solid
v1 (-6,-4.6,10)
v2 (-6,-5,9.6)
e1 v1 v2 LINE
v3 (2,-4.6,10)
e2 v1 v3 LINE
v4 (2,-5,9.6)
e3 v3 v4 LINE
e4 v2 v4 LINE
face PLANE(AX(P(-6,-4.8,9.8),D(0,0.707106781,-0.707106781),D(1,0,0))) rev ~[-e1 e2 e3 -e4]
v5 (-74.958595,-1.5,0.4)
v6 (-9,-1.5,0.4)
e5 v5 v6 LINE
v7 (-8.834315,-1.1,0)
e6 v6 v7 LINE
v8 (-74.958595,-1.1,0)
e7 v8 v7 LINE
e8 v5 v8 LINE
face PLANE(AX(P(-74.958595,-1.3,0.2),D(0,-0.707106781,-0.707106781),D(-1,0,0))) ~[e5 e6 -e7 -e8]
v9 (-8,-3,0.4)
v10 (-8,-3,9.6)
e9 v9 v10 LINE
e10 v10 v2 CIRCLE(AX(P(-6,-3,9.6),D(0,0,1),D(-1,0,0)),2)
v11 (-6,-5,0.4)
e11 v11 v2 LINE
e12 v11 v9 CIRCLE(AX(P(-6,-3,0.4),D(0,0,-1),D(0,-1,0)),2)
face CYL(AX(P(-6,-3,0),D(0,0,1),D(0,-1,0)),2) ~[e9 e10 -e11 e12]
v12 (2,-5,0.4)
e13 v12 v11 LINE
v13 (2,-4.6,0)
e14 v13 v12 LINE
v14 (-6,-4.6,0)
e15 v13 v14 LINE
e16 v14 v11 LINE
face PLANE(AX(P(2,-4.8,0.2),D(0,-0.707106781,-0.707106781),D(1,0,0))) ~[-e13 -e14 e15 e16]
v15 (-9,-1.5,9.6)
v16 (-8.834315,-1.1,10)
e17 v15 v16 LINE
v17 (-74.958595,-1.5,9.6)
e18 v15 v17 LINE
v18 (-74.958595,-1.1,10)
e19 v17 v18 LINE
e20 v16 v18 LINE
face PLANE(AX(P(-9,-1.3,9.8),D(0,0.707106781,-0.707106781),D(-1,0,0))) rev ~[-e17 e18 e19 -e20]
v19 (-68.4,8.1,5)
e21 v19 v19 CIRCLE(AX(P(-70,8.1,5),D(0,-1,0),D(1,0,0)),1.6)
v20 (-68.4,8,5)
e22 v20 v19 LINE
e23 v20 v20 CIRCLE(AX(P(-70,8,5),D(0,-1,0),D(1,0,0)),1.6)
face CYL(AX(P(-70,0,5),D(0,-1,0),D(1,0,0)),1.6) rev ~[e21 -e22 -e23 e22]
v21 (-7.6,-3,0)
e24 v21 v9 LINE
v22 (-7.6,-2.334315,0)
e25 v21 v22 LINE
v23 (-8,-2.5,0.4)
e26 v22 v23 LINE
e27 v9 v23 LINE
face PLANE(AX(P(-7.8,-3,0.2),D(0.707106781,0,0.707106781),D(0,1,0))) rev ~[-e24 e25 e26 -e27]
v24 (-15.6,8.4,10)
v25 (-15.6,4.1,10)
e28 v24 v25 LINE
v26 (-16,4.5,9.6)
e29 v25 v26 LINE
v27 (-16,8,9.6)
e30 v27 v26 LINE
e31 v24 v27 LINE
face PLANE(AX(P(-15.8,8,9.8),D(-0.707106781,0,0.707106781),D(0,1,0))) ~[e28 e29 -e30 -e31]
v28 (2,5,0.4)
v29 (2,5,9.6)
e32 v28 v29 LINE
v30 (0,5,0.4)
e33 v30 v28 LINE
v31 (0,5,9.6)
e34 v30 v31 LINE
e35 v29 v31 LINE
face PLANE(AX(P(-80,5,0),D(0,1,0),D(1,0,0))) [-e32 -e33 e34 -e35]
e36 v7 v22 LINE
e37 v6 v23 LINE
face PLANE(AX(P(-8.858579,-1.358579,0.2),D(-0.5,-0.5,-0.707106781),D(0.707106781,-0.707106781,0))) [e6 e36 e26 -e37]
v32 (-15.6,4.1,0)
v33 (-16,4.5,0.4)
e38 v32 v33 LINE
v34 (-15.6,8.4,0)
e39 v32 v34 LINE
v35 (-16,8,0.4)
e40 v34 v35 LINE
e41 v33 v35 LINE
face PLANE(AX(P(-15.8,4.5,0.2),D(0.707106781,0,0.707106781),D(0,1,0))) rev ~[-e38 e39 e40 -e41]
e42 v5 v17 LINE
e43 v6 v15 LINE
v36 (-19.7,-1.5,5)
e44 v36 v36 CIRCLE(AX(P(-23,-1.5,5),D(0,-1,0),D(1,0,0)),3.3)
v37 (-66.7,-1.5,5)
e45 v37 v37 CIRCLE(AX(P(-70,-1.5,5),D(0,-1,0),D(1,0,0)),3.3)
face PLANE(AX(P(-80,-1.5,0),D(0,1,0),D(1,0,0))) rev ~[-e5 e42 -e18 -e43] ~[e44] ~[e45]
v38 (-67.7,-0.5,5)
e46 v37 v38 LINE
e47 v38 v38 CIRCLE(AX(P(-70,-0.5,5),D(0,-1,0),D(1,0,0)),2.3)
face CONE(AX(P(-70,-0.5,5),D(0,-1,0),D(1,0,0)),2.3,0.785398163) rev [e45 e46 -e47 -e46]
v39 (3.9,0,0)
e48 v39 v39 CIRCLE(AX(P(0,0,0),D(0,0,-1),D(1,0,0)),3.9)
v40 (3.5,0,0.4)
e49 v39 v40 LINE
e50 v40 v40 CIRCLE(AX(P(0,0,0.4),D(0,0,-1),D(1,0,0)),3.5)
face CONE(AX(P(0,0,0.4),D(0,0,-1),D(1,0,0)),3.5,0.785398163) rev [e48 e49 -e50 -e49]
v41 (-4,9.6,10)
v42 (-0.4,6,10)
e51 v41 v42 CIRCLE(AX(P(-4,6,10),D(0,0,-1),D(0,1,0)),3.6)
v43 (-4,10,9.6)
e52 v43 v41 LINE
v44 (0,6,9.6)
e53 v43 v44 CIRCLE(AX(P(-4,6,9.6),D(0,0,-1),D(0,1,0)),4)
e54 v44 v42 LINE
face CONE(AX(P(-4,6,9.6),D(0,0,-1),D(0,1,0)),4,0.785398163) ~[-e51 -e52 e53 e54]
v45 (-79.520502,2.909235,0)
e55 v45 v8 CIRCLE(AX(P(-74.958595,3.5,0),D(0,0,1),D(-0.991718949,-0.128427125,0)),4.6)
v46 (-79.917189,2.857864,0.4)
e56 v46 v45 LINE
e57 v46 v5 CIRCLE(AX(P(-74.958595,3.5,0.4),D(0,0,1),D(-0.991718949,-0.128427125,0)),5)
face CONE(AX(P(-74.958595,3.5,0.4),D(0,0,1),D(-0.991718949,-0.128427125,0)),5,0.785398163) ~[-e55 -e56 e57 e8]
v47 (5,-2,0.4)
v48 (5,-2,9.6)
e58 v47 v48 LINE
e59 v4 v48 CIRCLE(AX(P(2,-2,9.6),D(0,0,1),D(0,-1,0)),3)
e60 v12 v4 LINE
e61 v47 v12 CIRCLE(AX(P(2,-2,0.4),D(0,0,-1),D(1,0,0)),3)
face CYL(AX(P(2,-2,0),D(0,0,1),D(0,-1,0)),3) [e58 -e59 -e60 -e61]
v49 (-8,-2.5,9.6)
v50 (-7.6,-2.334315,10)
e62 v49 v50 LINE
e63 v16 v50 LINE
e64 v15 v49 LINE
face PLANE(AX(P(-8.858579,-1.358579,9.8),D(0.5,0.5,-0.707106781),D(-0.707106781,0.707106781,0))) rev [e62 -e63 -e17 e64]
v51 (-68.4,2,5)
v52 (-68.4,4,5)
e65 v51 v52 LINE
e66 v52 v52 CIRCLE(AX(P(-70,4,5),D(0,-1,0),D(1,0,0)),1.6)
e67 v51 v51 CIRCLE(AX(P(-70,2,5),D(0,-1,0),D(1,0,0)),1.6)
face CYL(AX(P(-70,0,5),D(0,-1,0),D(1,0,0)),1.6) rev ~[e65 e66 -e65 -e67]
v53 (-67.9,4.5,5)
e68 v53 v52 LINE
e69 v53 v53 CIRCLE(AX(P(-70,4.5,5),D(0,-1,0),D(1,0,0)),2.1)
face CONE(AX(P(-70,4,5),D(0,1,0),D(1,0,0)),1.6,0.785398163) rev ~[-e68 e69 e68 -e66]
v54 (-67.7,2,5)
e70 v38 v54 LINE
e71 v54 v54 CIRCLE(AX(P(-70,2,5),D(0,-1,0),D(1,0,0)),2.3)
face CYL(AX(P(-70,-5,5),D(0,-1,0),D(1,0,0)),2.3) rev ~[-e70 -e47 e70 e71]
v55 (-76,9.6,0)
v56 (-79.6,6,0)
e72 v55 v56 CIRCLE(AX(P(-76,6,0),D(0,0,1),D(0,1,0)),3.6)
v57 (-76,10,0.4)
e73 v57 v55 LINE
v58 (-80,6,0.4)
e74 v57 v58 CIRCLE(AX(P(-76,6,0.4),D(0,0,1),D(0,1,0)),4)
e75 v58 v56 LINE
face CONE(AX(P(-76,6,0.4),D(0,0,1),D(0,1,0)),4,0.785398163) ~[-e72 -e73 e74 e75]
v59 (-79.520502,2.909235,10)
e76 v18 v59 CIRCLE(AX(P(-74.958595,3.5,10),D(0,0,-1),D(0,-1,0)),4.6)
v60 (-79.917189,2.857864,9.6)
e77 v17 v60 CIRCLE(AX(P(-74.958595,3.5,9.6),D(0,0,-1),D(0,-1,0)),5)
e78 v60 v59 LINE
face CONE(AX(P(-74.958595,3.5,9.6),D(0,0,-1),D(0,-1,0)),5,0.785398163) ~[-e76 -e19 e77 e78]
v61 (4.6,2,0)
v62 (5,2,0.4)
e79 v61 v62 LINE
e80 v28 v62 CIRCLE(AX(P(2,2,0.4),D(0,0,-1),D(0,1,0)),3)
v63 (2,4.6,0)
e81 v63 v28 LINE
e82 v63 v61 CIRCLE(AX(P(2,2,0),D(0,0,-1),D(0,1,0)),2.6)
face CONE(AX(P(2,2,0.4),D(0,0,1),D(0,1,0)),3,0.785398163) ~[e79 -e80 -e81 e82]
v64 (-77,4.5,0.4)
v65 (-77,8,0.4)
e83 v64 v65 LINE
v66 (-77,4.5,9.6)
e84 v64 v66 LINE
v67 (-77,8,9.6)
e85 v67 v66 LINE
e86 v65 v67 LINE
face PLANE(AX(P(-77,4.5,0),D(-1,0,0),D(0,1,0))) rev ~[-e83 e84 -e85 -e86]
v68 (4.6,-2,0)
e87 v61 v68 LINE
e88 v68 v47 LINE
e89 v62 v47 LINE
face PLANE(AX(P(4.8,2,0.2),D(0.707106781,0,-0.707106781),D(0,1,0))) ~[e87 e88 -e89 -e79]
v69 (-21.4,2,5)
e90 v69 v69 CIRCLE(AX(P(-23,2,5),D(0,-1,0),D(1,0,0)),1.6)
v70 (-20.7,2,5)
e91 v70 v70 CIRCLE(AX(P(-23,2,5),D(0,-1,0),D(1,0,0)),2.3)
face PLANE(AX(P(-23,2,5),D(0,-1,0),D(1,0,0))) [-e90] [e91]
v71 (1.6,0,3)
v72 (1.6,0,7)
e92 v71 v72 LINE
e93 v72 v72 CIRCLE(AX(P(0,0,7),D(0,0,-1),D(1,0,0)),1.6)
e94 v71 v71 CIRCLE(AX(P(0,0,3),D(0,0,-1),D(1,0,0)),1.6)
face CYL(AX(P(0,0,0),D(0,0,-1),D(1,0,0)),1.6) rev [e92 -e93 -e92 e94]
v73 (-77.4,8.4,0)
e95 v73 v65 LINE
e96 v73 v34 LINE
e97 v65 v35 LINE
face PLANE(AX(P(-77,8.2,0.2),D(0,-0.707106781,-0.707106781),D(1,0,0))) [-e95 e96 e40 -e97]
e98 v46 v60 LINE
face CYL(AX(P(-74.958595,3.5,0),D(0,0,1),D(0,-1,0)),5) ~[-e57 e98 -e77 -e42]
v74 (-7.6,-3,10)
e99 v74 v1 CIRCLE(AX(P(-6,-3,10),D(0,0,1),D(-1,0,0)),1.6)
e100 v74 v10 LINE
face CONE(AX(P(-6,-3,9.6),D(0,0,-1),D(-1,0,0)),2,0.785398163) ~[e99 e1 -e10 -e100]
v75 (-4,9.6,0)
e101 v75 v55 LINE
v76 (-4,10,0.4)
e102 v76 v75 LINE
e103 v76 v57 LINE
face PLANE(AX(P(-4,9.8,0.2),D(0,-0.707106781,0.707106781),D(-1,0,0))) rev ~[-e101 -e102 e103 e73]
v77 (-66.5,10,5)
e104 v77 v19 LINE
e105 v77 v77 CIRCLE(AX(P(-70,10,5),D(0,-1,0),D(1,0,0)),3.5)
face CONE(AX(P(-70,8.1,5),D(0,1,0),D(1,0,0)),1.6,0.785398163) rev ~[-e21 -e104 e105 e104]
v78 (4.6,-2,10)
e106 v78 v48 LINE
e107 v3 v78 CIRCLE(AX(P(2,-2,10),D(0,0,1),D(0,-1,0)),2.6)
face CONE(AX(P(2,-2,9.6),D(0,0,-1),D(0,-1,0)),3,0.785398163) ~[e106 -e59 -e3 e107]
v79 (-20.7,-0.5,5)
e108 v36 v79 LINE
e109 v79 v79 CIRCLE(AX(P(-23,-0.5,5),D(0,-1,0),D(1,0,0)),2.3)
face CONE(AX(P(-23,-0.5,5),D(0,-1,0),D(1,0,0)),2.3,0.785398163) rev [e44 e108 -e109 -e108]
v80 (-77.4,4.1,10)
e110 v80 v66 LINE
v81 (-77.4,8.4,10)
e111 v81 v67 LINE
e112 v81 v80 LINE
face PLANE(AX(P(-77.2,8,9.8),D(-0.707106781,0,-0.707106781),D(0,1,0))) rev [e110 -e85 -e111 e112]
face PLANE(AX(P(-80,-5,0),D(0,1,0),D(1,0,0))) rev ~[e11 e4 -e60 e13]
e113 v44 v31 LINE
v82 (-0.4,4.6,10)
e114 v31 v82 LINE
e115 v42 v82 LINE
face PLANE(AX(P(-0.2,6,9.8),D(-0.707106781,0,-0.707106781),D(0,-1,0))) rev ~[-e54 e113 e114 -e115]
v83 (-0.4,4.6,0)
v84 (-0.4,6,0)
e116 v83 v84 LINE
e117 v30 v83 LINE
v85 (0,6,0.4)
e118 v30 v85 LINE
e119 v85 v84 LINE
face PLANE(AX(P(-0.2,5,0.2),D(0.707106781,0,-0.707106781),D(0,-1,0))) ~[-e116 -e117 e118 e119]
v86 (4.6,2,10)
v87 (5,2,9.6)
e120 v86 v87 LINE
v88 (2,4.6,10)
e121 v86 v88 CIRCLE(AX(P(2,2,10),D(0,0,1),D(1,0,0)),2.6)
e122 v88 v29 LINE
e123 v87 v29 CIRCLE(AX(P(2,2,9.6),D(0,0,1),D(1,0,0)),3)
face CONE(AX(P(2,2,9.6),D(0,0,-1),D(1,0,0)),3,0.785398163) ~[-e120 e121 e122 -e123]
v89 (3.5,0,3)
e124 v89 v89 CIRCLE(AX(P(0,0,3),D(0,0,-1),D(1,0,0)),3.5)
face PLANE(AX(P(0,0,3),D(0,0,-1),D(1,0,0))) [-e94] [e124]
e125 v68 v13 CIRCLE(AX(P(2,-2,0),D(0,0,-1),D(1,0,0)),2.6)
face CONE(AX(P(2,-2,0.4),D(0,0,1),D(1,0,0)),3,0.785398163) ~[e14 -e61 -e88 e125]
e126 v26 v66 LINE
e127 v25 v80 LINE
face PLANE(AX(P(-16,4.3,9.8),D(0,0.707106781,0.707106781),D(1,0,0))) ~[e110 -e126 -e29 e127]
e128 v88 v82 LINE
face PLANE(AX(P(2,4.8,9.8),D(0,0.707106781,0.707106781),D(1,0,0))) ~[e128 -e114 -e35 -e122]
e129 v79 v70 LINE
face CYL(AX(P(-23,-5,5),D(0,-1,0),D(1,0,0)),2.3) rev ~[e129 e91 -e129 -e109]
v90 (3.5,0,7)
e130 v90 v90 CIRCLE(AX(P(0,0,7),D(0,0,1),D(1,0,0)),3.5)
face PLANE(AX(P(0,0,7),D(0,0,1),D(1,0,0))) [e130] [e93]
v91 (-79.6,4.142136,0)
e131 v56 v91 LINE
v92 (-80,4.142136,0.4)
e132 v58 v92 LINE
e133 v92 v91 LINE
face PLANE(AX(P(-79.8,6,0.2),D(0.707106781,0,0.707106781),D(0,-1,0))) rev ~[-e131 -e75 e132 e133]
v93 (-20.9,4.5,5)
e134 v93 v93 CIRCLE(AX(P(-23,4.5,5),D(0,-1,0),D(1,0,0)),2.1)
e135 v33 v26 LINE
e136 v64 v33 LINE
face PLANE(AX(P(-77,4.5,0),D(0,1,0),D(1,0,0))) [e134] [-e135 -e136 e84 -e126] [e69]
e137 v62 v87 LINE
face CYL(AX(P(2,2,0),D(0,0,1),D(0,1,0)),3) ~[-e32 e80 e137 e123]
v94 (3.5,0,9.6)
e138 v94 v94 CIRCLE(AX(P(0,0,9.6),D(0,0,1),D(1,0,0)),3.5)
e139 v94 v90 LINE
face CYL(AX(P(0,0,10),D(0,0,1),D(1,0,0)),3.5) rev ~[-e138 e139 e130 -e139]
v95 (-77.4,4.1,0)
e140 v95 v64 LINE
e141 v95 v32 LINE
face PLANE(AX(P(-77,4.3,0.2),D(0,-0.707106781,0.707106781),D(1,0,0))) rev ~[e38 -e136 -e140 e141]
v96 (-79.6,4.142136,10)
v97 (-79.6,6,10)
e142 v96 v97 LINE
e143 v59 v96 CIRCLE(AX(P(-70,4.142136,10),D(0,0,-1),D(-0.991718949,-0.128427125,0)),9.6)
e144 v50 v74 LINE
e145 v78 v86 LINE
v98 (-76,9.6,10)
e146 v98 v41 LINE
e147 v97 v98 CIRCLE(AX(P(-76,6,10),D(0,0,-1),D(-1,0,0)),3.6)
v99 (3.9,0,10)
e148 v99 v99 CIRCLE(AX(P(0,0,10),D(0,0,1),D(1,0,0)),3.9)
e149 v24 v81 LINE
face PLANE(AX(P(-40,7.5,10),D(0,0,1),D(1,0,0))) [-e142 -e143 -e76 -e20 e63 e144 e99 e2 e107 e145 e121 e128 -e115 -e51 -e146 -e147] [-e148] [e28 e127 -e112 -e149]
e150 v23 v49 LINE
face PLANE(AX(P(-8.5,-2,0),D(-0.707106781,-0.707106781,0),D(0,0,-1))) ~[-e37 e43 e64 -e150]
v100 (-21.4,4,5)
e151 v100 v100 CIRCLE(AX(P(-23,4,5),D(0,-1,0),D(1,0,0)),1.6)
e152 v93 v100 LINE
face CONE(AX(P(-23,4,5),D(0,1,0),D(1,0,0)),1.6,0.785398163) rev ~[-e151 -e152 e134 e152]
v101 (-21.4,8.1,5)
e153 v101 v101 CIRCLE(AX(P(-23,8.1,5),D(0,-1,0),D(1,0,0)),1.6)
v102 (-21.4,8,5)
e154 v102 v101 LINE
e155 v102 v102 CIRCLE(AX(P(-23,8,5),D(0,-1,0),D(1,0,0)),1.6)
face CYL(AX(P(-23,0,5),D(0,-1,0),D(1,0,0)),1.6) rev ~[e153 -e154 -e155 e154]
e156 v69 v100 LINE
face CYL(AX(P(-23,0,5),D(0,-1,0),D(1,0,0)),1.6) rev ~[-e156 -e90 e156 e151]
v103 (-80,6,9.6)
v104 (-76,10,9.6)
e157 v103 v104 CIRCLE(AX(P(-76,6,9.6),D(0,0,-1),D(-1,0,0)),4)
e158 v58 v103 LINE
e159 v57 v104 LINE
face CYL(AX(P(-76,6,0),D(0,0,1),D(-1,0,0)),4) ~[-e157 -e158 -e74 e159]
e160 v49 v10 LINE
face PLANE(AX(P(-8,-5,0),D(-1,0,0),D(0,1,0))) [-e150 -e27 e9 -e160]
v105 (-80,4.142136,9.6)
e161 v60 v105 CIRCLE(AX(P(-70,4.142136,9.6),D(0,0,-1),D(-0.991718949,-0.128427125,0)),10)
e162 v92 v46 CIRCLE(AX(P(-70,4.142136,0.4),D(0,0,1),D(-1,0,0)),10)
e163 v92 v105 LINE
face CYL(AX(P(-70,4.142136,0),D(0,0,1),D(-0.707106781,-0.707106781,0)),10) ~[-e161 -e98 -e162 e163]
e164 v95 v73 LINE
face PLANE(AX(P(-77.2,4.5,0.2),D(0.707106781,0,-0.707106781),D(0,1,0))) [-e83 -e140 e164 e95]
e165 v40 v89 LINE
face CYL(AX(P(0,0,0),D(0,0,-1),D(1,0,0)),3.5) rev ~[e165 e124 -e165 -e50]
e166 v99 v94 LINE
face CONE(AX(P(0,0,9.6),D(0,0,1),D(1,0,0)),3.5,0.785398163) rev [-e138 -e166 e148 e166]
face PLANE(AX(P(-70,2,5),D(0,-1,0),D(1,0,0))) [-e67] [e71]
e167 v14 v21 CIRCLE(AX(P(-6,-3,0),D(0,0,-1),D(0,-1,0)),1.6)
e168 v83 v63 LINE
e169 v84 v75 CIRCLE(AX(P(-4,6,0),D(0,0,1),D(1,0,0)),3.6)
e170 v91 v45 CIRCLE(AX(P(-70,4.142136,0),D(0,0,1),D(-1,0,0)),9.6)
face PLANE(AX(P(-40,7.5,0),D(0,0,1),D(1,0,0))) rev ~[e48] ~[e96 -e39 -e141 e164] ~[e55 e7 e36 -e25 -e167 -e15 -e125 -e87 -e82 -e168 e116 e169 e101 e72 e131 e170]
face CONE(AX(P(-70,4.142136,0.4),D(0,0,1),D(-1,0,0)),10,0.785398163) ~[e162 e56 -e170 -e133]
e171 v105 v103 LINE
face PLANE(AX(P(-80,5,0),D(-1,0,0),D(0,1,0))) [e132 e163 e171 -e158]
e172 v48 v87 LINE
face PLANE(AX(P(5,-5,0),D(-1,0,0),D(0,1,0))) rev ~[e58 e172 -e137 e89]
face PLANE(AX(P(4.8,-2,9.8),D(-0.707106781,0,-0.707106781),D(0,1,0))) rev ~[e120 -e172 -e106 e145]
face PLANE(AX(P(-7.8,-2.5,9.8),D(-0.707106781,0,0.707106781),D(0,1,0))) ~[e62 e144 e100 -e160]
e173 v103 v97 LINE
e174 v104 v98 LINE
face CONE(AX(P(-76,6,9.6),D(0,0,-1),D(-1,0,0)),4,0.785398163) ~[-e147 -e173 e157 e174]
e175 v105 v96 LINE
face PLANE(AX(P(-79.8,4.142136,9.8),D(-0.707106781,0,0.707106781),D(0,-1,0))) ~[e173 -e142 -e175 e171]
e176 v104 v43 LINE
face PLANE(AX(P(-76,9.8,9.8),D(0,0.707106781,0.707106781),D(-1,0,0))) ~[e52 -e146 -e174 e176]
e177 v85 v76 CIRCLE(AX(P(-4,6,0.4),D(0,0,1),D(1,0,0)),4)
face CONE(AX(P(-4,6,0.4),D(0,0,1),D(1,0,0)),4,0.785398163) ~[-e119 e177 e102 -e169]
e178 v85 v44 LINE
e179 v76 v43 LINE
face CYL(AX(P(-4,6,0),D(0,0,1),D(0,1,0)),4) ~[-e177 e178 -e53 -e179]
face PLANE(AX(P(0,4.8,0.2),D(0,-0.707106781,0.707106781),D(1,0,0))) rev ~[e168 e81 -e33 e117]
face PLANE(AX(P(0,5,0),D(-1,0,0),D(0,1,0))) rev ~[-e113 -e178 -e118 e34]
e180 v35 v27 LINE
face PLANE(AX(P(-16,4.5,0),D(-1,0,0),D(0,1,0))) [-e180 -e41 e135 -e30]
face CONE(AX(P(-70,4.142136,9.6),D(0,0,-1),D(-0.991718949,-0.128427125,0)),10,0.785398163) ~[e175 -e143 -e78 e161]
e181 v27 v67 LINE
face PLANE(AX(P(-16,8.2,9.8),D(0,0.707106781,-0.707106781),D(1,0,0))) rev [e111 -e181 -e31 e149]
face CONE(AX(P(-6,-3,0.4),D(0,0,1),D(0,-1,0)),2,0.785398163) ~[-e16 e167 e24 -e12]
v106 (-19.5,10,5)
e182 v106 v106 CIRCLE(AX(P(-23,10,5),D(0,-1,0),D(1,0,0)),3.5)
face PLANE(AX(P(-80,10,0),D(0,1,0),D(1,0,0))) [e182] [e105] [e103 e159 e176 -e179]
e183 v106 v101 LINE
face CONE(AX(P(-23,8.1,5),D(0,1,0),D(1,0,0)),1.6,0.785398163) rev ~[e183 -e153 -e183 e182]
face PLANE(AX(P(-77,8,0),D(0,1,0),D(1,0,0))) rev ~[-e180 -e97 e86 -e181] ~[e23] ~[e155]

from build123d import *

# Parameters (mm, degrees)
SKETCH058_W          = 85
SKETCH058_H          = 10
SKETCH058_R          = 1.6
PAD030_DEPTH         = 10
FILLET019_R          = 3
SKETCH059_W          = 80
SKETCH059_H          = 5
PAD031_DEPTH         = 10
SKETCH060_W          = 61
SKETCH060_H          = 3.5
POCKET027_DEPTH      = 10.001
FILLET020_R          = 4
CHAMFER014_SIZE      = 5
SKETCH061_R          = 1.6
POCKET028_DEPTH      = 10.001
POCKET028_DEPTH_BACK = 5.001
CHAMFER015_SIZE      = 1.9
SKETCH062_R          = 2.3
POCKET029_DEPTH      = 7
CHAMFER016_SIZE      = 1
FILLET021_R          = 10
FILLET022_R          = 3
CHAMFER017_SIZE      = 0.5
SKETCH063_R          = 3.5
POCKET030_DEPTH      = 3
SKETCH064_R          = 3.5
POCKET031_DEPTH      = 3
SKETCH065_W          = 72
SKETCH065_H          = 3.5
POCKET032_DEPTH      = 10.001
FILLET023_R          = 2
FILLET024_R          = 5
CHAMFER018_SIZE      = 1
CHAMFER019_SIZE      = 1
CHAMFER020_SIZE      = 0.4


with BuildPart() as part:
    # Sketch058 → Pad030 (new body)
    with BuildSketch(Plane.XY):
        with Locations((-37.5, 0)):
            Rectangle(SKETCH058_W, SKETCH058_H)
        Circle(SKETCH058_R, mode=Mode.SUBTRACT)
    extrude(amount=PAD030_DEPTH)

    # Fillet019
    fillet019_edges = [part.edges().sort_by_distance(p)[0] for p in [
        (5, 5, 5),
        (5, -5, 5),
    ]]
    fillet(fillet019_edges, radius=FILLET019_R)

    # Sketch059 → Pad031 (join)
    with BuildSketch(Plane.XY):
        with Locations((-40, 7.5)):
            Rectangle(SKETCH059_W, SKETCH059_H)
    extrude(amount=PAD031_DEPTH)

    # Sketch060 → Pocket027 (cut, through all)
    with BuildSketch(Plane.XY):
        with Locations((-46.5, 6.25)):
            Rectangle(SKETCH060_W, SKETCH060_H)
    extrude(amount=POCKET027_DEPTH, mode=Mode.SUBTRACT)

    # Fillet020
    fillet020_edges = [part.edges().sort_by_distance(p)[0] for p in [
        (0, 10, 5),
        (-80, 10, 5),
    ]]
    fillet(fillet020_edges, radius=FILLET020_R)

    # Chamfer014
    chamfer014_edges = [part.edges().sort_by_distance(p)[0] for p in [
        (-80, -5, 5),
    ]]
    chamfer(chamfer014_edges, length=CHAMFER014_SIZE)

    # Sketch061 → Pocket028 (cut, two sides)
    with BuildSketch(Plane.XZ) as pocket028_sk:
        with Locations((-23, 5)):
            Circle(SKETCH061_R)
        with Locations((-70, 5)):
            Circle(SKETCH061_R)
    extrude(amount=-POCKET028_DEPTH, mode=Mode.SUBTRACT)
    extrude(pocket028_sk.sketch, amount=POCKET028_DEPTH_BACK, mode=Mode.SUBTRACT)

    # Chamfer015
    chamfer015_edges = [part.edges().sort_by_distance(p)[0] for p in [
        (-71.6, 10, 5),
        (-24.6, 10, 5),
    ]]
    chamfer(chamfer015_edges, length=CHAMFER015_SIZE)

    # Sketch062 (on Face11 of Chamfer015) → Pocket029 (cut)
    with BuildSketch(Plane.XZ.offset(5)):
        with Locations((-70, 5)):
            Circle(SKETCH062_R)
        with Locations((-23, 5)):
            Circle(SKETCH062_R)
    extrude(amount=-POCKET029_DEPTH, mode=Mode.SUBTRACT)

    # Chamfer016
    chamfer016_edges = [part.edges().sort_by_distance(p)[0] for p in [
        (-72.3, -5, 5),
        (-25.3, -5, 5),
    ]]
    chamfer(chamfer016_edges, length=CHAMFER016_SIZE)

    # Fillet021
    fillet021_edges = [part.edges().sort_by_distance(p)[0] for p in [
        (-80, 0, 5),
    ]]
    fillet(fillet021_edges, radius=FILLET021_R)

    # Fillet022
    fillet022_edges = [part.edges().sort_by_distance(p)[0] for p in [
        (-75, -5, 5),
    ]]
    fillet(fillet022_edges, radius=FILLET022_R)

    # Chamfer017
    chamfer017_edges = [part.edges().sort_by_distance(p)[0] for p in [
        (-71.6, 4.5, 5),
        (-24.6, 4.5, 5),
    ]]
    chamfer(chamfer017_edges, length=CHAMFER017_SIZE)

    # Sketch063 (on Face6 of Chamfer017) → Pocket030 (cut)
    with BuildSketch(Plane.XY.offset(10)):
        Circle(SKETCH063_R)
    extrude(amount=-POCKET030_DEPTH, mode=Mode.SUBTRACT)

    # Sketch064 (on Face3 of Pocket030) → Pocket031 (cut)
    with BuildSketch(Plane(origin=(0, 0, 0), x_dir=(1, 0, 0), z_dir=(0, 0, -1))):
        Circle(SKETCH064_R)
    extrude(amount=-POCKET031_DEPTH, mode=Mode.SUBTRACT)

    # Sketch065 → Pocket032 (cut, through all)
    with BuildSketch(Plane.XY):
        with Locations((-44, -3.25)):
            Rectangle(SKETCH065_W, SKETCH065_H)
    extrude(amount=POCKET032_DEPTH, mode=Mode.SUBTRACT)

    # Fillet023
    fillet023_edges = [part.edges().sort_by_distance(p)[0] for p in [
        (-8, -5, 5),
    ]]
    fillet(fillet023_edges, radius=FILLET023_R)

    # Fillet024
    fillet024_edges = [part.edges().sort_by_distance(p)[0] for p in [
        (-78.256289, -1.5, 5),
    ]]
    fillet(fillet024_edges, radius=FILLET024_R)

    # Chamfer018
    chamfer018_edges = [part.edges().sort_by_distance(p)[0] for p in [
        (-8, -1.5, 5),
    ]]
    chamfer(chamfer018_edges, length=CHAMFER018_SIZE)

    # Chamfer019
    chamfer019_edges = [part.edges().sort_by_distance(p)[0] for p in [
        (-72.3, -1.5, 5),
        (-25.3, -1.5, 5),
    ]]
    chamfer(chamfer019_edges, length=CHAMFER019_SIZE)

    # Chamfer020
    chamfer020_edges = [part.edges().sort_by_distance(p)[0] for p in [
        (-41.979297, -1.5, 10),
        (-8.5, -2, 10),
        (-78.259301, -0.255708, 10),
        (-8, -2.75, 10),
        (-79.979276, 3.498666, 10),
        (-7.414214, -4.414214, 10),
        (-80, 5.071068, 10),
        (-2, -5, 10),
        (-78.828427, 8.828427, 10),
        (4.12132, -4.12132, 10),
        (-40, 10, 10),
        (5, 0, 10),
        (-1.171573, 8.828427, 10),
        (4.12132, 4.12132, 10),
        (0, 5.5, 10),
        (1, 5, 10),
        (-3.5, 0, 10),
        (-46.5, 8, 10),
        (-16, 6.25, 10),
        (-77, 6.25, 10),
        (-46.5, 4.5, 10),
        (-41.979297, -1.5, 0),
        (-8.5, -2, 0),
        (-78.259301, -0.255708, 0),
        (-8, -2.75, 0),
        (-79.979276, 3.498666, 0),
        (-7.414214, -4.414214, 0),
        (-80, 5.071068, 0),
        (-2, -5, 0),
        (-78.828427, 8.828427, 0),
        (4.12132, -4.12132, 0),
        (-40, 10, 0),
        (5, 0, 0),
        (-1.171573, 8.828427, 0),
        (4.12132, 4.12132, 0),
        (0, 5.5, 0),
        (1, 5, 0),
        (-3.5, 0, 0),
        (-46.5, 8, 0),
        (-77, 6.25, 0),
        (-16, 6.25, 0),
        (-46.5, 4.5, 0),
    ]]
    chamfer(chamfer020_edges, length=CHAMFER020_SIZE)


solid = part.part
